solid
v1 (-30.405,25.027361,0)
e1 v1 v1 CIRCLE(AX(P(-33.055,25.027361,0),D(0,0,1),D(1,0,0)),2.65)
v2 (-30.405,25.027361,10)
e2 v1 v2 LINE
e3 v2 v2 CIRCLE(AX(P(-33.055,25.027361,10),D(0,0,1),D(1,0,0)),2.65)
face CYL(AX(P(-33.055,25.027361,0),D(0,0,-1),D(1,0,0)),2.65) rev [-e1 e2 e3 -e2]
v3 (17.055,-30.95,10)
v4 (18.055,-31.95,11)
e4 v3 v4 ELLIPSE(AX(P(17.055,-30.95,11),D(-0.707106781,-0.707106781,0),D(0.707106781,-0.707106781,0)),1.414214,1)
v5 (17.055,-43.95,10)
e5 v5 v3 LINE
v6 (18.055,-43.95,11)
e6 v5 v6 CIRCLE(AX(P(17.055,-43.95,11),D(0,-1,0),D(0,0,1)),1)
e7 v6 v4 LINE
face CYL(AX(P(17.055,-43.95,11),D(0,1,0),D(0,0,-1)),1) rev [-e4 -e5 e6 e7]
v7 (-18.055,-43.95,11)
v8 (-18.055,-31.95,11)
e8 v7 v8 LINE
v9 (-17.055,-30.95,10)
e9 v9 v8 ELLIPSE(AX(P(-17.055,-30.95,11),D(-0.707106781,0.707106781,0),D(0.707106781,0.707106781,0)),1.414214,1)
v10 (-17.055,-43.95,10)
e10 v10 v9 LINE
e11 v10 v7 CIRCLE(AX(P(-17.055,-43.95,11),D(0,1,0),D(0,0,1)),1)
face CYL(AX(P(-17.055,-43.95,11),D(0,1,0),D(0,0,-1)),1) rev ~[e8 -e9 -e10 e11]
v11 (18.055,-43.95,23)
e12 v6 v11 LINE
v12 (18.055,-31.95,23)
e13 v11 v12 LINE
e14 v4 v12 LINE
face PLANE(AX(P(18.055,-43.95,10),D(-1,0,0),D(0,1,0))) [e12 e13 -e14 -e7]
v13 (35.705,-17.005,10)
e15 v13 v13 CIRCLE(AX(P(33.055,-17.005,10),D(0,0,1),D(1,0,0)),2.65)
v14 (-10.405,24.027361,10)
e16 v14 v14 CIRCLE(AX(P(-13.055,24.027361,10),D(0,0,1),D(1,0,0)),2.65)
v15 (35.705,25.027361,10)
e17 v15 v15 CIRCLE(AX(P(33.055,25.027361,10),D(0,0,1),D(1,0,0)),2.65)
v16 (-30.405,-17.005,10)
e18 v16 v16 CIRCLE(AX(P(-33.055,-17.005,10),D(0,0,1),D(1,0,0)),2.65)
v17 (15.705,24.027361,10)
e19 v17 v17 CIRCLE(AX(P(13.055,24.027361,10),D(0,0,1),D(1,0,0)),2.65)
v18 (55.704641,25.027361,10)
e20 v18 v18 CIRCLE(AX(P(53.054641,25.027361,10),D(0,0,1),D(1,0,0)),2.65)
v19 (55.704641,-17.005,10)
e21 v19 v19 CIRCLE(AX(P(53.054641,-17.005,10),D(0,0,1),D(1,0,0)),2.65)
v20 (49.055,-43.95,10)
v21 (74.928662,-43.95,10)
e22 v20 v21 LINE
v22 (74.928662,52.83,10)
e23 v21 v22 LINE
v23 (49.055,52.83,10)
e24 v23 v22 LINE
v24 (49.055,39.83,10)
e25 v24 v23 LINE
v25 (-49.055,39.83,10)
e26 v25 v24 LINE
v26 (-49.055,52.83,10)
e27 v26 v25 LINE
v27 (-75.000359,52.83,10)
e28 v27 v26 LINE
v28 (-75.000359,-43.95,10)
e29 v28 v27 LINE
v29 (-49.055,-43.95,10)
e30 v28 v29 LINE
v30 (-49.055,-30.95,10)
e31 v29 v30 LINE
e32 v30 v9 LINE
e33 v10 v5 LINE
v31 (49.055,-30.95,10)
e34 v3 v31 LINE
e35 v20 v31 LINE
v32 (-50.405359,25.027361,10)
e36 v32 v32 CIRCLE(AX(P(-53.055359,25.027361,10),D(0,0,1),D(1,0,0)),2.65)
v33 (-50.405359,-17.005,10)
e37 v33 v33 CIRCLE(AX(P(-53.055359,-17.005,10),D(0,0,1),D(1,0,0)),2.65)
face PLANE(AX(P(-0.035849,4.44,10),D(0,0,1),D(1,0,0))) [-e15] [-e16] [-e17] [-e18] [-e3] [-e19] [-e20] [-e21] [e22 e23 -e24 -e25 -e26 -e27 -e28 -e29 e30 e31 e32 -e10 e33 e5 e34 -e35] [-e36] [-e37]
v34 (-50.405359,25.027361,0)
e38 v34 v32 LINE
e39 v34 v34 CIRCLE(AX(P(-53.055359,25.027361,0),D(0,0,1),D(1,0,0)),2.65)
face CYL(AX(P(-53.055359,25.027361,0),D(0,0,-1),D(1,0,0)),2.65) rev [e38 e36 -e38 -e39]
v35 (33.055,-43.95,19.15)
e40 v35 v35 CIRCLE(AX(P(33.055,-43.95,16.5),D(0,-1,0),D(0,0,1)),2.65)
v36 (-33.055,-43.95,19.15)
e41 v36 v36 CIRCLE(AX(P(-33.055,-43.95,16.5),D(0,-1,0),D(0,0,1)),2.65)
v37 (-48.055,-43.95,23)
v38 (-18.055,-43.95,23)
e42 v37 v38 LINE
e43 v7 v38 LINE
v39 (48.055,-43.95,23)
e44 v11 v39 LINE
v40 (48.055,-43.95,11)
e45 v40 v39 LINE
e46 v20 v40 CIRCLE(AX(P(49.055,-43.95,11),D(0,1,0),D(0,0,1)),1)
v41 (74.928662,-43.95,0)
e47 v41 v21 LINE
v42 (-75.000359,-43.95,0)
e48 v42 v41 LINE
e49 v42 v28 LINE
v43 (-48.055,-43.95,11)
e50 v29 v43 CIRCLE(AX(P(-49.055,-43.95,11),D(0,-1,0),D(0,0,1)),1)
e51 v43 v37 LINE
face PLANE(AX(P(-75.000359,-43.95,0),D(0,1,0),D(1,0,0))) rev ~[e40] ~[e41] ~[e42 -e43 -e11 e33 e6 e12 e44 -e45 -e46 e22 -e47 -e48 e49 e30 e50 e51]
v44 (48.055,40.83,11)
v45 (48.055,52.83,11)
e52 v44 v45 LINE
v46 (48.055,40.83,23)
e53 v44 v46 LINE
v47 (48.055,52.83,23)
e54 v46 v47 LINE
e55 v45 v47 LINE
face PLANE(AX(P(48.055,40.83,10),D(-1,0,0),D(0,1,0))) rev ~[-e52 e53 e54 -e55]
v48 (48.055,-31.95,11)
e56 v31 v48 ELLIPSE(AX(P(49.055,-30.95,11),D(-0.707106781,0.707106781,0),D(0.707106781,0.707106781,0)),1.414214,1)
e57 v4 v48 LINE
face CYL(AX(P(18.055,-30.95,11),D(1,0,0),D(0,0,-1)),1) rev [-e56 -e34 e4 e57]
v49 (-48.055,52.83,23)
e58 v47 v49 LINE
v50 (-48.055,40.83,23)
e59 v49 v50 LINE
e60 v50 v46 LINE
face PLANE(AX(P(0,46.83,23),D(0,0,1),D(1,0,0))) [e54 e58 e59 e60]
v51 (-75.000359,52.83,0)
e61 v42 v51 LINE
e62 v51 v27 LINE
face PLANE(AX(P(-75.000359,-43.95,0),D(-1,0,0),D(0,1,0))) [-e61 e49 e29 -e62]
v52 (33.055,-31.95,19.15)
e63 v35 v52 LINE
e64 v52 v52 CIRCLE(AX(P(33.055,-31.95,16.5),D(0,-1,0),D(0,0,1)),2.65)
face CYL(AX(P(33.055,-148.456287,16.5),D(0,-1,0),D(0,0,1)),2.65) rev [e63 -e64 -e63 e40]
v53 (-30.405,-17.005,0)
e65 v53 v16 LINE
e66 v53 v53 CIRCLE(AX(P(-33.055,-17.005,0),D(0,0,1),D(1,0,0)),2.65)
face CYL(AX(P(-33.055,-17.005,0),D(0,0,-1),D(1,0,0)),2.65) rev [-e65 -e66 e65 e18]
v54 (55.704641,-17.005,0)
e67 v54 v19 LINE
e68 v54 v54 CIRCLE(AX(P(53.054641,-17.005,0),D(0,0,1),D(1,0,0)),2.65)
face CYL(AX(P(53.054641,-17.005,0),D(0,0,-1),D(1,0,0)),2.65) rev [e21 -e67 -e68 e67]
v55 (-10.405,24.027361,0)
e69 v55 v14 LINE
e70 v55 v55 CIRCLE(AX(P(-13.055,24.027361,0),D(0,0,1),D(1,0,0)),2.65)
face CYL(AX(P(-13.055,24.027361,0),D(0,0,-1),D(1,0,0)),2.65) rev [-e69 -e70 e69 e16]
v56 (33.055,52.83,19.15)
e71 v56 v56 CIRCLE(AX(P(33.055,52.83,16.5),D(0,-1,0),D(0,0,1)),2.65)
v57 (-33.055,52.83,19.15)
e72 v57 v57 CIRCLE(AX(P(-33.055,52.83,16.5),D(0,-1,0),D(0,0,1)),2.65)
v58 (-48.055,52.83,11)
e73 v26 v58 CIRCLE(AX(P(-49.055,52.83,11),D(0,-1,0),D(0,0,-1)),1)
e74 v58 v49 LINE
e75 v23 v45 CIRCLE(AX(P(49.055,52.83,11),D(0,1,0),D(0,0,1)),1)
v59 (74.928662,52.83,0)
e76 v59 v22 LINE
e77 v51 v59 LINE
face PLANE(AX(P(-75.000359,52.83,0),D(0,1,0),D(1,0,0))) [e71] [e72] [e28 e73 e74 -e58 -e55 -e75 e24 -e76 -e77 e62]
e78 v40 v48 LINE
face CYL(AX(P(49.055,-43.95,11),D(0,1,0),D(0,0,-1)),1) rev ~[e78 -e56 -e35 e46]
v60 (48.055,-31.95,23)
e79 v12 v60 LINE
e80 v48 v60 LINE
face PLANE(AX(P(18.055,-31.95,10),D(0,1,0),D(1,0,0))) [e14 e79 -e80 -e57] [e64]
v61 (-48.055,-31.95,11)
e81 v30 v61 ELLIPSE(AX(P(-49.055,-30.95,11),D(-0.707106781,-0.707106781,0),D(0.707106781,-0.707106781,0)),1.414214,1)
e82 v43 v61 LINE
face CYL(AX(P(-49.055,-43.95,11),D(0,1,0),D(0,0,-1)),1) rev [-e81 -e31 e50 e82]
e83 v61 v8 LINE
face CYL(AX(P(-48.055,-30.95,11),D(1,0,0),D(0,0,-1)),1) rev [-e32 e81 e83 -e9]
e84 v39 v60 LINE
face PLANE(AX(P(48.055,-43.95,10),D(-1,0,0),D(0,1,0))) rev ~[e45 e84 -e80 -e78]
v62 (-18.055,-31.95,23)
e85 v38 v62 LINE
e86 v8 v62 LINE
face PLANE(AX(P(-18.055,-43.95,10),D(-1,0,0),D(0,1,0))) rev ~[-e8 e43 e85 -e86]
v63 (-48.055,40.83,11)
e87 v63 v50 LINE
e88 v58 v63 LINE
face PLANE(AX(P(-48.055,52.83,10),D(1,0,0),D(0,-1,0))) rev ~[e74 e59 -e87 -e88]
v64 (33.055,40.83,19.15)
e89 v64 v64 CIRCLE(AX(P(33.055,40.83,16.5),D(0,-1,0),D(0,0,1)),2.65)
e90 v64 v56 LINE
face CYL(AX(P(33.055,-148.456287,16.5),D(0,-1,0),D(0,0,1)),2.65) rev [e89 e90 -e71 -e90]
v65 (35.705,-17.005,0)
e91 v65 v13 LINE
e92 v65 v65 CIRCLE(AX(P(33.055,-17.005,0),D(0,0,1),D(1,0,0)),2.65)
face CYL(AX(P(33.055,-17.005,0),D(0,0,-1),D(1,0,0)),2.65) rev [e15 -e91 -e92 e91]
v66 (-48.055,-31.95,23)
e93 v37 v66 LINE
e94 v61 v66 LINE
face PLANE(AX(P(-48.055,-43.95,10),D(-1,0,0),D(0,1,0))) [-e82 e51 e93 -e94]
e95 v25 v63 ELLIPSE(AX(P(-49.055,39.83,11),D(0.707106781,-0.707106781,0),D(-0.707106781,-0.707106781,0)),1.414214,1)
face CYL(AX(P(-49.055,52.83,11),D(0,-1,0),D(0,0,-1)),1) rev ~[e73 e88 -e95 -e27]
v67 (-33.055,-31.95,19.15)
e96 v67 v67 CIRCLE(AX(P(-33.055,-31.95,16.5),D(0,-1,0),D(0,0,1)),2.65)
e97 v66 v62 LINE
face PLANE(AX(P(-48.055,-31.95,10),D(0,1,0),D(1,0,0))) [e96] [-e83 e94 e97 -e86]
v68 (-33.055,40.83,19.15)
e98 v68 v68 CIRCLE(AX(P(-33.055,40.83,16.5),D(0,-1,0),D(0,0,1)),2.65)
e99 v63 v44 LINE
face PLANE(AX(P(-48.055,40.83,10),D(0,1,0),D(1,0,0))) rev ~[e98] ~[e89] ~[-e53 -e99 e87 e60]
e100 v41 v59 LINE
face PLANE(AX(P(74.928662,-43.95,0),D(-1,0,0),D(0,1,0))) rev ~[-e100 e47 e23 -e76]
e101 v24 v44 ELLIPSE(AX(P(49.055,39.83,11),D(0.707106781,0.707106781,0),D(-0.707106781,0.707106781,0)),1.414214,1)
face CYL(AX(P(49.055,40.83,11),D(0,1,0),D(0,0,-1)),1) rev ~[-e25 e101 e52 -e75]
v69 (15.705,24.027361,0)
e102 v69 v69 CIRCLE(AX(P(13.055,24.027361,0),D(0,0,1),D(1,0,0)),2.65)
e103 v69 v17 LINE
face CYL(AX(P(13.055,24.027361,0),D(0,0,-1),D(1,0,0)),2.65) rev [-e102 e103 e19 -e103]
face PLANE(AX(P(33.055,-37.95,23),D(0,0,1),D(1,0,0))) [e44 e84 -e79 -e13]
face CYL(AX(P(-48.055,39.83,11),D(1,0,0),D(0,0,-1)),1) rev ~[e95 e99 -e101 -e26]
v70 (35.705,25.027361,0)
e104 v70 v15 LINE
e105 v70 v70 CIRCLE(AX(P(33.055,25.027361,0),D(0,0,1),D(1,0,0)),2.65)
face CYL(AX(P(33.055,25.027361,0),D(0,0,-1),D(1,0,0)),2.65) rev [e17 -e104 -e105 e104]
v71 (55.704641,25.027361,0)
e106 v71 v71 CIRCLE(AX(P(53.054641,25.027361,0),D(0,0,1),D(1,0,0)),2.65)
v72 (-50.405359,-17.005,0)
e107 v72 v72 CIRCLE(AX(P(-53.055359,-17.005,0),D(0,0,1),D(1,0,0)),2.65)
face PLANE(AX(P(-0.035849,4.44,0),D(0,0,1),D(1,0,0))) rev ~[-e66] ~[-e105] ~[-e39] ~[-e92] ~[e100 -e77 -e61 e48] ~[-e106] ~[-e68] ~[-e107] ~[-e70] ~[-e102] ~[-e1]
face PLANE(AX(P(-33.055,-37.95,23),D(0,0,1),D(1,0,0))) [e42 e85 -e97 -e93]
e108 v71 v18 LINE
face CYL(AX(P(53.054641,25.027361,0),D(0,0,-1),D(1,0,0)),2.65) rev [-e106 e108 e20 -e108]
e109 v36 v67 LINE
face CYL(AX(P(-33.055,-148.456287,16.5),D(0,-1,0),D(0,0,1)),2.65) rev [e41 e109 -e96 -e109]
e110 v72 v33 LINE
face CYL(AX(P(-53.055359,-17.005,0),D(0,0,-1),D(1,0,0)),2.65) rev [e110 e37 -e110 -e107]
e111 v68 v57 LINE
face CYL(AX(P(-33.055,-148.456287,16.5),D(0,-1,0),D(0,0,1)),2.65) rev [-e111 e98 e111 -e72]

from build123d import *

# Parameters (mm, degrees)
SKETCH3_W               = 149.929020718
SKETCH3_H               = 96.78
SKETCH3_R               = 2.65
BOSS_EXTRUDE1_DEPTH     = 10
SKETCH4_W               = 30
SKETCH4_H               = 12
BOSS_EXTRUDE4_DEPTH     = 13
CUT_EXTRUDE1_DEPTH      = 116.506286536
CUT_EXTRUDE1_DEPTH_BACK = 116.506286536
SKETCH5_R               = 2.65
FILLET1_R               = 1


with BuildPart() as part:
    # Sketch3 → Boss-Extrude1 (new body)
    with BuildSketch(Plane.XY):
        with Locations((-0.035848502, 4.44)):
            Rectangle(SKETCH3_W, SKETCH3_H)
        with Locations((-53.055358861, -17.005)):
            Circle(SKETCH3_R, mode=Mode.SUBTRACT)
        with Locations((-33.055, -17.005)):
            Circle(SKETCH3_R, mode=Mode.SUBTRACT)
        with Locations((33.055, -17.005)):
            Circle(SKETCH3_R, mode=Mode.SUBTRACT)
        with Locations((53.054641139, -17.005)):
            Circle(SKETCH3_R, mode=Mode.SUBTRACT)
        with Locations((-13.055, 24.027361408)):
            Circle(SKETCH3_R, mode=Mode.SUBTRACT)
        with Locations((13.055, 24.027361408)):
            Circle(SKETCH3_R, mode=Mode.SUBTRACT)
        with Locations((-53.055358861, 25.027361408)):
            Circle(SKETCH3_R, mode=Mode.SUBTRACT)
        with Locations((-33.055, 25.027361408)):
            Circle(SKETCH3_R, mode=Mode.SUBTRACT)
        with Locations((33.055, 25.027361408)):
            Circle(SKETCH3_R, mode=Mode.SUBTRACT)
        with Locations((53.054641139, 25.027361408)):
            Circle(SKETCH3_R, mode=Mode.SUBTRACT)
    extrude(amount=BOSS_EXTRUDE1_DEPTH)

    # Sketch4 → Boss-Extrude4 (add)
    with BuildSketch(Plane.XY.offset(10)):
        with Locations((-33.055, -37.95)):
            Rectangle(SKETCH4_W, SKETCH4_H)
        Polygon((-48.055, 40.83), (-18.055, 40.83), (18.055, 40.83), (48.055, 40.83), (48.055, 52.83), (18.055, 52.83), (-18.055, 52.83), (-48.055, 52.83), align=None)
        with Locations((33.055, -37.95)):
            Rectangle(SKETCH4_W, SKETCH4_H)
    extrude(amount=BOSS_EXTRUDE4_DEPTH)

    # Sketch5 → Cut-Extrude1 (cut, two sides: drawn at the far end of the back side and taken through both)
    with BuildSketch(Plane(origin=(0, -31.95, 0), x_dir=(1, 0, 0), z_dir=(0, 1, 0)).offset(-CUT_EXTRUDE1_DEPTH_BACK)):
        with Locations(Location((33.055, -16.5, 0), (0, 0, 270))):
            Circle(SKETCH5_R)
        with Locations(Location((-33.055, -16.5, 0), (0, 0, 270))):
            Circle(SKETCH5_R)
    extrude(amount=CUT_EXTRUDE1_DEPTH + CUT_EXTRUDE1_DEPTH_BACK, mode=Mode.SUBTRACT)

    # Fillet1
    fillet1_edges = [part.edges().sort_by_distance(p)[0] for p in [
        (-48.055, 46.83, 10),
        (48.055, 46.83, 10),
        (0, 40.83, 10),
        (-18.055, -37.95, 10),
        (-33.055, -31.95, 10),
        (-48.055, -37.95, 10),
        (48.055, -37.95, 10),
        (33.055, -31.95, 10),
        (18.055, -37.95, 10),
    ]]
    fillet(fillet1_edges, radius=FILLET1_R)


solid = part.part
